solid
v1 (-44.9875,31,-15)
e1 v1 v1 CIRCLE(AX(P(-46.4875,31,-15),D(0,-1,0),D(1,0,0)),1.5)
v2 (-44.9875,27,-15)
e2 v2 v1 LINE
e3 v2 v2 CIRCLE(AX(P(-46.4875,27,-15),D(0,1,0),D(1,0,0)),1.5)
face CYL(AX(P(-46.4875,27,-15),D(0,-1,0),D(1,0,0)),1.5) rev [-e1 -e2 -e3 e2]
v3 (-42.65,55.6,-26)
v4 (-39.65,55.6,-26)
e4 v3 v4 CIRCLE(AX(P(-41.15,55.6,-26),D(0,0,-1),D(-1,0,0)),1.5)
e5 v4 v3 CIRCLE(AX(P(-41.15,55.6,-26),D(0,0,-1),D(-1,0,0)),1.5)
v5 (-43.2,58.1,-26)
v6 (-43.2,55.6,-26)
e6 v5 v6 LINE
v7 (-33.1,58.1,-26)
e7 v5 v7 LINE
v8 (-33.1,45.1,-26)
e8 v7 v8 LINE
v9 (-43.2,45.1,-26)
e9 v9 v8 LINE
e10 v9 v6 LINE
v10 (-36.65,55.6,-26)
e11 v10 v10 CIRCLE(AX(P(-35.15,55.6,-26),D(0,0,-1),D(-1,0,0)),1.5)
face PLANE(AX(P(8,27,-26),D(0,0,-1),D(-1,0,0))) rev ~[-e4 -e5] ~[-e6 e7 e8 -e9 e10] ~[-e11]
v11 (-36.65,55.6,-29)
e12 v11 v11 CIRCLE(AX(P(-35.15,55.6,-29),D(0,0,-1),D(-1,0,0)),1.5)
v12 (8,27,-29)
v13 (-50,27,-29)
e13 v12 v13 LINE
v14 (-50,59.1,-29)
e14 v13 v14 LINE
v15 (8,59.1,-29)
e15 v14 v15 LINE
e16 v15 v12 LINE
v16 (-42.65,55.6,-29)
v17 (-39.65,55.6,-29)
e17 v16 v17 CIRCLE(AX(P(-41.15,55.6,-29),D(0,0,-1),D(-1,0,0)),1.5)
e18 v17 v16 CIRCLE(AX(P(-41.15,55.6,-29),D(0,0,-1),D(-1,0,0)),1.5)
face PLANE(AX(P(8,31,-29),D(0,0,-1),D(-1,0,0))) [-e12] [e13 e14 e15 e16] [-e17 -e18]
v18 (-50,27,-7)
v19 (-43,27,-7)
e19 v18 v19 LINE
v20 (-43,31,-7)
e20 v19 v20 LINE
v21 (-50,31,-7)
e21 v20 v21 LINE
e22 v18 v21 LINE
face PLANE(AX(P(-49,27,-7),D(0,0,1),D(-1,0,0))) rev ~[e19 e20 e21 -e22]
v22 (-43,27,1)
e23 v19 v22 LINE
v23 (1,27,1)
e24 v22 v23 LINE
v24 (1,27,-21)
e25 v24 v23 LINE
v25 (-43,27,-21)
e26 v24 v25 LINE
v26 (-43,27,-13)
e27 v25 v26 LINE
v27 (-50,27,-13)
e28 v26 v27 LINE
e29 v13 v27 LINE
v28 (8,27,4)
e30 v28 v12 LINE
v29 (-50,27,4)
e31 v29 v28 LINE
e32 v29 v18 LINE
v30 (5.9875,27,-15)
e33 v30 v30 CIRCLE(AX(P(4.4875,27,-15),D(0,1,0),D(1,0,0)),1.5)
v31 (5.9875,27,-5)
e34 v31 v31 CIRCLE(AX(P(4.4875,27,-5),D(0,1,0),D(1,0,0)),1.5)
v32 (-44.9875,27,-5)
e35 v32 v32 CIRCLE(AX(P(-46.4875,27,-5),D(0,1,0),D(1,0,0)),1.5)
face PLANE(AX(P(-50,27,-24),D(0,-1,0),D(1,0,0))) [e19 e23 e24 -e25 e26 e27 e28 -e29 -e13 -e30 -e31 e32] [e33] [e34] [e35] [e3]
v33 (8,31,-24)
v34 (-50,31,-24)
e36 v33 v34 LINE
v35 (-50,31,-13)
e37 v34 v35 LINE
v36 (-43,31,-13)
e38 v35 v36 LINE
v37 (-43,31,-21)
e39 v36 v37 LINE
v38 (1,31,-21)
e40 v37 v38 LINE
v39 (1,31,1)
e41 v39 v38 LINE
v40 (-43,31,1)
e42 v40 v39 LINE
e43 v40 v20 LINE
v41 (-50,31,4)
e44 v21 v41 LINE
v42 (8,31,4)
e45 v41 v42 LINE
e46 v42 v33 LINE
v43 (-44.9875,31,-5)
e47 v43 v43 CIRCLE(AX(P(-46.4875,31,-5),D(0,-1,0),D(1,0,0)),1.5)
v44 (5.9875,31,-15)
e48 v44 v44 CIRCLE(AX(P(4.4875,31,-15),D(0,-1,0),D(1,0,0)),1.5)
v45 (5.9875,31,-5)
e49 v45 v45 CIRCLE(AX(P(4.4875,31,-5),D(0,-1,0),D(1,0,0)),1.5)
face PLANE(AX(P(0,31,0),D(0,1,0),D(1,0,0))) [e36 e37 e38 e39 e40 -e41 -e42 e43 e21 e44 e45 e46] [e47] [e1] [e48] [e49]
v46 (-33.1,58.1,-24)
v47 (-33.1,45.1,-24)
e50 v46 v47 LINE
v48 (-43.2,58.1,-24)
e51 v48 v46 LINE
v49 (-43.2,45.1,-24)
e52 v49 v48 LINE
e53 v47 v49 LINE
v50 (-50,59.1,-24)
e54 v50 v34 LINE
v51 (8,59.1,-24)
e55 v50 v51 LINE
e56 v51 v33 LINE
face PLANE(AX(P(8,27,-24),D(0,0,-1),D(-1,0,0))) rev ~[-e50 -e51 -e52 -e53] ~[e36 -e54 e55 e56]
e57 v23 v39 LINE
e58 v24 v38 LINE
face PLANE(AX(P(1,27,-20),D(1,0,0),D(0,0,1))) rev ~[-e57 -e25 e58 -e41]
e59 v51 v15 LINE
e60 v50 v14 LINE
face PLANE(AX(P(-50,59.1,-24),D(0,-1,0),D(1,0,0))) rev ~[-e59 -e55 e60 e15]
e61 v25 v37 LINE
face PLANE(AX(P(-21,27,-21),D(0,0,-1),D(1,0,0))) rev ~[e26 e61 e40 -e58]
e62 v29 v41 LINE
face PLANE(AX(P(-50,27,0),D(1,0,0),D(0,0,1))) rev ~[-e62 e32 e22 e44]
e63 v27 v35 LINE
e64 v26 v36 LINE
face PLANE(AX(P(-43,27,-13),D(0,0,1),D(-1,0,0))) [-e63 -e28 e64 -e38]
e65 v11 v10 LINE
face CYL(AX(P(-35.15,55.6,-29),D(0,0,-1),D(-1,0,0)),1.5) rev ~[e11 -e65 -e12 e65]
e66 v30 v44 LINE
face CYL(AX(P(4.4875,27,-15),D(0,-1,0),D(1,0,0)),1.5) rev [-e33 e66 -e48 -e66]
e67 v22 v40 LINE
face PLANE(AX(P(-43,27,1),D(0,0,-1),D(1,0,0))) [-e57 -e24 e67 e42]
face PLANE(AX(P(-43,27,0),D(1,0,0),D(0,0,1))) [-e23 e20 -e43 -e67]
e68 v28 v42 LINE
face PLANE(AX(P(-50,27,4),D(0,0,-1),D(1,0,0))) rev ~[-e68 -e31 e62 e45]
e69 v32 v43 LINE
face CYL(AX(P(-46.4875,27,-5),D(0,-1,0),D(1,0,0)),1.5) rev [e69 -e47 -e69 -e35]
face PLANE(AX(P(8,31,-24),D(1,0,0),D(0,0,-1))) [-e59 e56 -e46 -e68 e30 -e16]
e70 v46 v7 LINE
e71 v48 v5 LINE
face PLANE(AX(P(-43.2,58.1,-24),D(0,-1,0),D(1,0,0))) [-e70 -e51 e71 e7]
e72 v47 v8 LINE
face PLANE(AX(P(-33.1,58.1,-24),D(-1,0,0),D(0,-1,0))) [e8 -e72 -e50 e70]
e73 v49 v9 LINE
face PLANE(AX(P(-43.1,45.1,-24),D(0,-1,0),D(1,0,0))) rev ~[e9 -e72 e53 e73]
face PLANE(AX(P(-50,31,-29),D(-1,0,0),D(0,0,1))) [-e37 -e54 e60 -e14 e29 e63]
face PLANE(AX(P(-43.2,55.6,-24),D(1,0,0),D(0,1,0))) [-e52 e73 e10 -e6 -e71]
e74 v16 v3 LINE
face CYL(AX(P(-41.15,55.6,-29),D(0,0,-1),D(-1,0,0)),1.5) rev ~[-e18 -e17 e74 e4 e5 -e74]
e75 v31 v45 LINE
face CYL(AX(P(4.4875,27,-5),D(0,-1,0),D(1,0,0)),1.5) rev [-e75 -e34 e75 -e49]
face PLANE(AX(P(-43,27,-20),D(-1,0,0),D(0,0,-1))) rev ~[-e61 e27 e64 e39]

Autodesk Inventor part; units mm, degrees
ref_plane "YZ Plane" through (0, 0, 0) normal (1, 0, 0) x (0, 1, 0)
ref_plane "XZ Plane" through (0, 0, 0) normal (0, 1, 0) x (-1, 0, 0)
ref_plane "XY Plane" through (0, 0, 0) normal (0, 0, 1) x (1, 0, 0)
ref_plane "Plano de trabajo1" through (0, 27, 0) normal (0, 1, 0) x (1, 0, 0)
sketch "Boceto2" plane through (0, 27, 0) normal (0, 1, 0) x (1, 0, 0)
  line L0 (0, 10) -> (0, 15)
  line L1 (0, 15) -> (11.8906, 15)
  line L2 (0, 10) -> (0, 5)
  line L3 (0, 5) -> (15.0689, 5)
  line L4 (0, 5) -> (7, 5)
  line L5 (7, 5) -> (7, 15)
  line L6 (6.4875, 15) -> (4.4875, 15)
  circle A0 centre (4.4875, 15) radius 1.5
  circle A1 centre (4.4875, 5) radius 1.5
  line L7 (-42, 6) -> (-42, 0) projected
  line L8 (0, 0) -> (-42, 0)
  line L9 (-42, 0) -> (0, 0) projected
  line L10 (-21, 0) -> (-21, 36.5425)
  circle A2 centre (-46.4875, 15) radius 1.5
  circle A3 centre (-46.4875, 5) radius 1.5
  line L11 (0, 0) -> (1, 0)
  line L12 (1, 0) -> (8, 0)
  line L13 (8, 0) -> (8, 20)
  line L14 (8, 20) -> (1, 20)
  line L15 (1, 20) -> (1, 0)
  line L16 (-42, 10) -> (-42, 15)
  line L17 (-42, 15) -> (-53.8906, 15)
  line L18 (-42, 10) -> (-42, 5)
  line L19 (-42, 5) -> (-49, 5)
  line L20 (-49, 5) -> (-49, 15)
  line L21 (-48.4875, 15) -> (-46.4875, 15)
  circle A4 centre (-46.4875, 15) radius 1.5
  circle A5 centre (-46.4875, 5) radius 1.5
  line L22 (-42, 0) -> (-43, 0)
  line L23 (-43, 0) -> (-50, 0)
  line L24 (-50, 0) -> (-50, 20)
  line L25 (-50, 20) -> (-43, 20)
  line L26 (-43, 20) -> (-43, 0)
  line L27 (-43, 20) -> (-43, 21)
  line L28 (-43, 21) -> (1, 21)
  line L29 (1, 21) -> (1, 20)
  line L30 (-43, 0) -> (-43, -1)
  line L31 (-43, -1) -> (1, -1)
  line L32 (1, -1) -> (1, 0)
  line L33 (-50, 20) -> (-50, 24)
  line L34 (-50, 24) -> (8, 24)
  line L35 (-50, 0) -> (-50, -4)
  line L36 (-50, -4) -> (8, -4)
  line L37 (8, -4) -> (8, 0)
  line L38 (8, 24) -> (8, 19.2948)
  line L39 (-42, 10) -> (-42, 7)
  line L40 (-42, 7) -> (-58.0956, 7)
  line L41 (-51, 14) -> (-51, 6) projected
  line L42 (-42, 10) -> (-42, 13)
  line L43 (-42, 13) -> (-56.402, 13)
  point P0 (0, 20)
  point P1 (-42, 20)
  point P2 (-50, 13)
  point P3 (-43, 13)
  point P4 (-43, 7)
  point P5 (-50, 7)
  dimension "d8" = 5
  dimension "d9" = 5
  dimension "d10" = 7
  dimension "d11" = 2
  dimension "d12" = 3
  dimension "d13" = 3
  dimension "d14" = 1
  dimension "d15" = 7
  dimension "d16" = 1
  dimension "d17" = 1
  dimension "d18" = 4
  dimension "d19" = 4
  dimension "d22" = 3
  dimension "d23" = 3
extrude "Extrusión2" add sketch "Boceto2" along normal blind 4 contours L15 L14 L13 L1 A0 | L1 A0 L5 L3 A1 L15 | L3 A1 L13 L12 L15 | L29 L28 L10 L34 L38 L14 | L12 L37 L36 L35 L23 L30 L31 L32 | L28 L27 L25 L33 L34 L10 | L5 L1 L13 L3 | L23 L24 L40 L20 L19 A3 L26 | L26 L17 A2 L24 L25 | L19 A3 L20 L40 L26 | L26 L43 L20 L17 A2 | L17 L20 L43 L24
sketch "Boceto3" plane through (8, 27, -24) normal (0, 0, -1) x (-1, 0, 0)
  point P0 (8, -27)
sketch "Boceto4" plane through (8, 27, -24) normal (0, 0, -1) x (-1, 0, 0)
  line L0 (0, 4) -> (58, 4) projected
  line L1 (58, 4) -> (58, 18.1)
  line L2 (58, 18.1) -> (0, 18.1)
  line L3 (0, 18.1) -> (0, 4)
  line L4 (58, 18.1) -> (58, 22.1)
  line L5 (58, 18.1) -> (58, 32.1)
  line L6 (58, 32.1) -> (0, 32.1)
  line L7 (0, 32.1) -> (0, 18.1)
  line L8 (58, 18.1) -> (58, 28.6)
  line L9 (58, 28.6) -> (36.9156, 28.6)
  line L10 (8, -6.3468) -> (8, 18.1)
  line L11 (8, 18.1) -> (18.1, 18.1)
  line L12 (18.1, 18.1) -> (41.1, 18.1)
  line L13 (41.1, 18.1) -> (51.1, 18.1)
  line L14 (51.1, 18.1) -> (51.1, 26.6579)
  line L15 (51.1, 26.6579) -> (51.1, 31.1823)
  line L16 (51.1, 18.1) -> (51.1, 18)
  line L17 (51.1, 18.1) -> (51.2, 18.1)
  line L18 (51.2, 18.1) -> (51.2, 31.1)
  line L19 (51.2, 31.1) -> (41.1, 31.1)
  line L20 (41.1, 31.1) -> (41.1, 18.1)
  line L21 (51.2, 28.6) -> (49.2, 28.6)
  line L22 (41.1, 28.6) -> (43.1, 28.6)
  line L23 (43.1, 28.6) -> (43.15, 28.6)
  circle A0 centre (43.15, 28.6) radius 1.5
  line L24 (43.15, 28.6) -> (49.15, 28.6)
  circle A1 centre (49.15, 28.6) radius 1.5
  point P0 (8, -27)
  point P1 (8, 4)
  dimension "d24" = 14.1
  dimension "d25" = 4
  dimension "d26" = 14
  dimension "d27" = 10.5
  dimension "d28" = 10.1
  dimension "d29" = 23
  dimension "d30" = 10
  dimension "d31" = 0.1
  dimension "d32" = 0.1
  dimension "d33" = 13
  dimension "d34" = 10.1
  dimension "d35" = 2
  dimension "d36" = 2
  dimension "d38" = 0.05
  dimension "d39" = 3
  dimension "d40" = 6
  dimension "d41" = 3
extrude "Extrusión3" add sketch "Boceto4" along normal blind 5 contours L3 L2 L10 L0 | L10 L2 L1 L0 | L7 L6 L5 L9 L18 L19 L20 L2 | L2 L18 L9 L5 L4
sketch "Boceto5" plane through (8, 27, -29) normal (0, 0, -1) x (-1, 0, 0)
  line L0 (51.2, 18.1) -> (41.1, 18.1) projected
  line L1 (51.2, 18.1) -> (51.2, 28.6)
  line L2 (51.2, 31.1) -> (51.2, 18.1) projected
  line L3 (51.2, 28.6) -> (49.15, 28.6)
  circle A0 centre (49.15, 28.6) radius 1.5
  line L4 (49.15, 28.6) -> (43.15, 28.6)
  circle A1 centre (43.15, 28.6) radius 1.5
  line L5 (41.1, 18.1) -> (51.2, 18.1)
  line L6 (51.2, 18.1) -> (51.2, 31.1)
  line L7 (51.2, 31.1) -> (41.1, 31.1)
  line L8 (41.1, 31.1) -> (41.1, 18.1)
  point P0 (8, -27)
  dimension "d44" = 10.5
  dimension "d45" = 2.05
  dimension "d46" = 3
  dimension "d47" = 6
  dimension "d48" = 3
extrude "Extrusión4" add sketch "Boceto5" against normal blind 3
sketch "Boceto6" plane through (-50, 31, -24) normal (0, -1, 0) x (1, 0, 0)
  line L0 (58, -5) -> (0, -5) projected
  line L1 (0, 0) -> (58, 0)
  line L2 (58, 0) -> (58, -5)
  line L3 (58, -5) -> (0, -5)
  line L4 (0, -5) -> (0, 0)
  point P0 (50, 24)
extrude "Extrusión5" add sketch "Boceto6" along normal blind 4
properties part number "servo pinza"
